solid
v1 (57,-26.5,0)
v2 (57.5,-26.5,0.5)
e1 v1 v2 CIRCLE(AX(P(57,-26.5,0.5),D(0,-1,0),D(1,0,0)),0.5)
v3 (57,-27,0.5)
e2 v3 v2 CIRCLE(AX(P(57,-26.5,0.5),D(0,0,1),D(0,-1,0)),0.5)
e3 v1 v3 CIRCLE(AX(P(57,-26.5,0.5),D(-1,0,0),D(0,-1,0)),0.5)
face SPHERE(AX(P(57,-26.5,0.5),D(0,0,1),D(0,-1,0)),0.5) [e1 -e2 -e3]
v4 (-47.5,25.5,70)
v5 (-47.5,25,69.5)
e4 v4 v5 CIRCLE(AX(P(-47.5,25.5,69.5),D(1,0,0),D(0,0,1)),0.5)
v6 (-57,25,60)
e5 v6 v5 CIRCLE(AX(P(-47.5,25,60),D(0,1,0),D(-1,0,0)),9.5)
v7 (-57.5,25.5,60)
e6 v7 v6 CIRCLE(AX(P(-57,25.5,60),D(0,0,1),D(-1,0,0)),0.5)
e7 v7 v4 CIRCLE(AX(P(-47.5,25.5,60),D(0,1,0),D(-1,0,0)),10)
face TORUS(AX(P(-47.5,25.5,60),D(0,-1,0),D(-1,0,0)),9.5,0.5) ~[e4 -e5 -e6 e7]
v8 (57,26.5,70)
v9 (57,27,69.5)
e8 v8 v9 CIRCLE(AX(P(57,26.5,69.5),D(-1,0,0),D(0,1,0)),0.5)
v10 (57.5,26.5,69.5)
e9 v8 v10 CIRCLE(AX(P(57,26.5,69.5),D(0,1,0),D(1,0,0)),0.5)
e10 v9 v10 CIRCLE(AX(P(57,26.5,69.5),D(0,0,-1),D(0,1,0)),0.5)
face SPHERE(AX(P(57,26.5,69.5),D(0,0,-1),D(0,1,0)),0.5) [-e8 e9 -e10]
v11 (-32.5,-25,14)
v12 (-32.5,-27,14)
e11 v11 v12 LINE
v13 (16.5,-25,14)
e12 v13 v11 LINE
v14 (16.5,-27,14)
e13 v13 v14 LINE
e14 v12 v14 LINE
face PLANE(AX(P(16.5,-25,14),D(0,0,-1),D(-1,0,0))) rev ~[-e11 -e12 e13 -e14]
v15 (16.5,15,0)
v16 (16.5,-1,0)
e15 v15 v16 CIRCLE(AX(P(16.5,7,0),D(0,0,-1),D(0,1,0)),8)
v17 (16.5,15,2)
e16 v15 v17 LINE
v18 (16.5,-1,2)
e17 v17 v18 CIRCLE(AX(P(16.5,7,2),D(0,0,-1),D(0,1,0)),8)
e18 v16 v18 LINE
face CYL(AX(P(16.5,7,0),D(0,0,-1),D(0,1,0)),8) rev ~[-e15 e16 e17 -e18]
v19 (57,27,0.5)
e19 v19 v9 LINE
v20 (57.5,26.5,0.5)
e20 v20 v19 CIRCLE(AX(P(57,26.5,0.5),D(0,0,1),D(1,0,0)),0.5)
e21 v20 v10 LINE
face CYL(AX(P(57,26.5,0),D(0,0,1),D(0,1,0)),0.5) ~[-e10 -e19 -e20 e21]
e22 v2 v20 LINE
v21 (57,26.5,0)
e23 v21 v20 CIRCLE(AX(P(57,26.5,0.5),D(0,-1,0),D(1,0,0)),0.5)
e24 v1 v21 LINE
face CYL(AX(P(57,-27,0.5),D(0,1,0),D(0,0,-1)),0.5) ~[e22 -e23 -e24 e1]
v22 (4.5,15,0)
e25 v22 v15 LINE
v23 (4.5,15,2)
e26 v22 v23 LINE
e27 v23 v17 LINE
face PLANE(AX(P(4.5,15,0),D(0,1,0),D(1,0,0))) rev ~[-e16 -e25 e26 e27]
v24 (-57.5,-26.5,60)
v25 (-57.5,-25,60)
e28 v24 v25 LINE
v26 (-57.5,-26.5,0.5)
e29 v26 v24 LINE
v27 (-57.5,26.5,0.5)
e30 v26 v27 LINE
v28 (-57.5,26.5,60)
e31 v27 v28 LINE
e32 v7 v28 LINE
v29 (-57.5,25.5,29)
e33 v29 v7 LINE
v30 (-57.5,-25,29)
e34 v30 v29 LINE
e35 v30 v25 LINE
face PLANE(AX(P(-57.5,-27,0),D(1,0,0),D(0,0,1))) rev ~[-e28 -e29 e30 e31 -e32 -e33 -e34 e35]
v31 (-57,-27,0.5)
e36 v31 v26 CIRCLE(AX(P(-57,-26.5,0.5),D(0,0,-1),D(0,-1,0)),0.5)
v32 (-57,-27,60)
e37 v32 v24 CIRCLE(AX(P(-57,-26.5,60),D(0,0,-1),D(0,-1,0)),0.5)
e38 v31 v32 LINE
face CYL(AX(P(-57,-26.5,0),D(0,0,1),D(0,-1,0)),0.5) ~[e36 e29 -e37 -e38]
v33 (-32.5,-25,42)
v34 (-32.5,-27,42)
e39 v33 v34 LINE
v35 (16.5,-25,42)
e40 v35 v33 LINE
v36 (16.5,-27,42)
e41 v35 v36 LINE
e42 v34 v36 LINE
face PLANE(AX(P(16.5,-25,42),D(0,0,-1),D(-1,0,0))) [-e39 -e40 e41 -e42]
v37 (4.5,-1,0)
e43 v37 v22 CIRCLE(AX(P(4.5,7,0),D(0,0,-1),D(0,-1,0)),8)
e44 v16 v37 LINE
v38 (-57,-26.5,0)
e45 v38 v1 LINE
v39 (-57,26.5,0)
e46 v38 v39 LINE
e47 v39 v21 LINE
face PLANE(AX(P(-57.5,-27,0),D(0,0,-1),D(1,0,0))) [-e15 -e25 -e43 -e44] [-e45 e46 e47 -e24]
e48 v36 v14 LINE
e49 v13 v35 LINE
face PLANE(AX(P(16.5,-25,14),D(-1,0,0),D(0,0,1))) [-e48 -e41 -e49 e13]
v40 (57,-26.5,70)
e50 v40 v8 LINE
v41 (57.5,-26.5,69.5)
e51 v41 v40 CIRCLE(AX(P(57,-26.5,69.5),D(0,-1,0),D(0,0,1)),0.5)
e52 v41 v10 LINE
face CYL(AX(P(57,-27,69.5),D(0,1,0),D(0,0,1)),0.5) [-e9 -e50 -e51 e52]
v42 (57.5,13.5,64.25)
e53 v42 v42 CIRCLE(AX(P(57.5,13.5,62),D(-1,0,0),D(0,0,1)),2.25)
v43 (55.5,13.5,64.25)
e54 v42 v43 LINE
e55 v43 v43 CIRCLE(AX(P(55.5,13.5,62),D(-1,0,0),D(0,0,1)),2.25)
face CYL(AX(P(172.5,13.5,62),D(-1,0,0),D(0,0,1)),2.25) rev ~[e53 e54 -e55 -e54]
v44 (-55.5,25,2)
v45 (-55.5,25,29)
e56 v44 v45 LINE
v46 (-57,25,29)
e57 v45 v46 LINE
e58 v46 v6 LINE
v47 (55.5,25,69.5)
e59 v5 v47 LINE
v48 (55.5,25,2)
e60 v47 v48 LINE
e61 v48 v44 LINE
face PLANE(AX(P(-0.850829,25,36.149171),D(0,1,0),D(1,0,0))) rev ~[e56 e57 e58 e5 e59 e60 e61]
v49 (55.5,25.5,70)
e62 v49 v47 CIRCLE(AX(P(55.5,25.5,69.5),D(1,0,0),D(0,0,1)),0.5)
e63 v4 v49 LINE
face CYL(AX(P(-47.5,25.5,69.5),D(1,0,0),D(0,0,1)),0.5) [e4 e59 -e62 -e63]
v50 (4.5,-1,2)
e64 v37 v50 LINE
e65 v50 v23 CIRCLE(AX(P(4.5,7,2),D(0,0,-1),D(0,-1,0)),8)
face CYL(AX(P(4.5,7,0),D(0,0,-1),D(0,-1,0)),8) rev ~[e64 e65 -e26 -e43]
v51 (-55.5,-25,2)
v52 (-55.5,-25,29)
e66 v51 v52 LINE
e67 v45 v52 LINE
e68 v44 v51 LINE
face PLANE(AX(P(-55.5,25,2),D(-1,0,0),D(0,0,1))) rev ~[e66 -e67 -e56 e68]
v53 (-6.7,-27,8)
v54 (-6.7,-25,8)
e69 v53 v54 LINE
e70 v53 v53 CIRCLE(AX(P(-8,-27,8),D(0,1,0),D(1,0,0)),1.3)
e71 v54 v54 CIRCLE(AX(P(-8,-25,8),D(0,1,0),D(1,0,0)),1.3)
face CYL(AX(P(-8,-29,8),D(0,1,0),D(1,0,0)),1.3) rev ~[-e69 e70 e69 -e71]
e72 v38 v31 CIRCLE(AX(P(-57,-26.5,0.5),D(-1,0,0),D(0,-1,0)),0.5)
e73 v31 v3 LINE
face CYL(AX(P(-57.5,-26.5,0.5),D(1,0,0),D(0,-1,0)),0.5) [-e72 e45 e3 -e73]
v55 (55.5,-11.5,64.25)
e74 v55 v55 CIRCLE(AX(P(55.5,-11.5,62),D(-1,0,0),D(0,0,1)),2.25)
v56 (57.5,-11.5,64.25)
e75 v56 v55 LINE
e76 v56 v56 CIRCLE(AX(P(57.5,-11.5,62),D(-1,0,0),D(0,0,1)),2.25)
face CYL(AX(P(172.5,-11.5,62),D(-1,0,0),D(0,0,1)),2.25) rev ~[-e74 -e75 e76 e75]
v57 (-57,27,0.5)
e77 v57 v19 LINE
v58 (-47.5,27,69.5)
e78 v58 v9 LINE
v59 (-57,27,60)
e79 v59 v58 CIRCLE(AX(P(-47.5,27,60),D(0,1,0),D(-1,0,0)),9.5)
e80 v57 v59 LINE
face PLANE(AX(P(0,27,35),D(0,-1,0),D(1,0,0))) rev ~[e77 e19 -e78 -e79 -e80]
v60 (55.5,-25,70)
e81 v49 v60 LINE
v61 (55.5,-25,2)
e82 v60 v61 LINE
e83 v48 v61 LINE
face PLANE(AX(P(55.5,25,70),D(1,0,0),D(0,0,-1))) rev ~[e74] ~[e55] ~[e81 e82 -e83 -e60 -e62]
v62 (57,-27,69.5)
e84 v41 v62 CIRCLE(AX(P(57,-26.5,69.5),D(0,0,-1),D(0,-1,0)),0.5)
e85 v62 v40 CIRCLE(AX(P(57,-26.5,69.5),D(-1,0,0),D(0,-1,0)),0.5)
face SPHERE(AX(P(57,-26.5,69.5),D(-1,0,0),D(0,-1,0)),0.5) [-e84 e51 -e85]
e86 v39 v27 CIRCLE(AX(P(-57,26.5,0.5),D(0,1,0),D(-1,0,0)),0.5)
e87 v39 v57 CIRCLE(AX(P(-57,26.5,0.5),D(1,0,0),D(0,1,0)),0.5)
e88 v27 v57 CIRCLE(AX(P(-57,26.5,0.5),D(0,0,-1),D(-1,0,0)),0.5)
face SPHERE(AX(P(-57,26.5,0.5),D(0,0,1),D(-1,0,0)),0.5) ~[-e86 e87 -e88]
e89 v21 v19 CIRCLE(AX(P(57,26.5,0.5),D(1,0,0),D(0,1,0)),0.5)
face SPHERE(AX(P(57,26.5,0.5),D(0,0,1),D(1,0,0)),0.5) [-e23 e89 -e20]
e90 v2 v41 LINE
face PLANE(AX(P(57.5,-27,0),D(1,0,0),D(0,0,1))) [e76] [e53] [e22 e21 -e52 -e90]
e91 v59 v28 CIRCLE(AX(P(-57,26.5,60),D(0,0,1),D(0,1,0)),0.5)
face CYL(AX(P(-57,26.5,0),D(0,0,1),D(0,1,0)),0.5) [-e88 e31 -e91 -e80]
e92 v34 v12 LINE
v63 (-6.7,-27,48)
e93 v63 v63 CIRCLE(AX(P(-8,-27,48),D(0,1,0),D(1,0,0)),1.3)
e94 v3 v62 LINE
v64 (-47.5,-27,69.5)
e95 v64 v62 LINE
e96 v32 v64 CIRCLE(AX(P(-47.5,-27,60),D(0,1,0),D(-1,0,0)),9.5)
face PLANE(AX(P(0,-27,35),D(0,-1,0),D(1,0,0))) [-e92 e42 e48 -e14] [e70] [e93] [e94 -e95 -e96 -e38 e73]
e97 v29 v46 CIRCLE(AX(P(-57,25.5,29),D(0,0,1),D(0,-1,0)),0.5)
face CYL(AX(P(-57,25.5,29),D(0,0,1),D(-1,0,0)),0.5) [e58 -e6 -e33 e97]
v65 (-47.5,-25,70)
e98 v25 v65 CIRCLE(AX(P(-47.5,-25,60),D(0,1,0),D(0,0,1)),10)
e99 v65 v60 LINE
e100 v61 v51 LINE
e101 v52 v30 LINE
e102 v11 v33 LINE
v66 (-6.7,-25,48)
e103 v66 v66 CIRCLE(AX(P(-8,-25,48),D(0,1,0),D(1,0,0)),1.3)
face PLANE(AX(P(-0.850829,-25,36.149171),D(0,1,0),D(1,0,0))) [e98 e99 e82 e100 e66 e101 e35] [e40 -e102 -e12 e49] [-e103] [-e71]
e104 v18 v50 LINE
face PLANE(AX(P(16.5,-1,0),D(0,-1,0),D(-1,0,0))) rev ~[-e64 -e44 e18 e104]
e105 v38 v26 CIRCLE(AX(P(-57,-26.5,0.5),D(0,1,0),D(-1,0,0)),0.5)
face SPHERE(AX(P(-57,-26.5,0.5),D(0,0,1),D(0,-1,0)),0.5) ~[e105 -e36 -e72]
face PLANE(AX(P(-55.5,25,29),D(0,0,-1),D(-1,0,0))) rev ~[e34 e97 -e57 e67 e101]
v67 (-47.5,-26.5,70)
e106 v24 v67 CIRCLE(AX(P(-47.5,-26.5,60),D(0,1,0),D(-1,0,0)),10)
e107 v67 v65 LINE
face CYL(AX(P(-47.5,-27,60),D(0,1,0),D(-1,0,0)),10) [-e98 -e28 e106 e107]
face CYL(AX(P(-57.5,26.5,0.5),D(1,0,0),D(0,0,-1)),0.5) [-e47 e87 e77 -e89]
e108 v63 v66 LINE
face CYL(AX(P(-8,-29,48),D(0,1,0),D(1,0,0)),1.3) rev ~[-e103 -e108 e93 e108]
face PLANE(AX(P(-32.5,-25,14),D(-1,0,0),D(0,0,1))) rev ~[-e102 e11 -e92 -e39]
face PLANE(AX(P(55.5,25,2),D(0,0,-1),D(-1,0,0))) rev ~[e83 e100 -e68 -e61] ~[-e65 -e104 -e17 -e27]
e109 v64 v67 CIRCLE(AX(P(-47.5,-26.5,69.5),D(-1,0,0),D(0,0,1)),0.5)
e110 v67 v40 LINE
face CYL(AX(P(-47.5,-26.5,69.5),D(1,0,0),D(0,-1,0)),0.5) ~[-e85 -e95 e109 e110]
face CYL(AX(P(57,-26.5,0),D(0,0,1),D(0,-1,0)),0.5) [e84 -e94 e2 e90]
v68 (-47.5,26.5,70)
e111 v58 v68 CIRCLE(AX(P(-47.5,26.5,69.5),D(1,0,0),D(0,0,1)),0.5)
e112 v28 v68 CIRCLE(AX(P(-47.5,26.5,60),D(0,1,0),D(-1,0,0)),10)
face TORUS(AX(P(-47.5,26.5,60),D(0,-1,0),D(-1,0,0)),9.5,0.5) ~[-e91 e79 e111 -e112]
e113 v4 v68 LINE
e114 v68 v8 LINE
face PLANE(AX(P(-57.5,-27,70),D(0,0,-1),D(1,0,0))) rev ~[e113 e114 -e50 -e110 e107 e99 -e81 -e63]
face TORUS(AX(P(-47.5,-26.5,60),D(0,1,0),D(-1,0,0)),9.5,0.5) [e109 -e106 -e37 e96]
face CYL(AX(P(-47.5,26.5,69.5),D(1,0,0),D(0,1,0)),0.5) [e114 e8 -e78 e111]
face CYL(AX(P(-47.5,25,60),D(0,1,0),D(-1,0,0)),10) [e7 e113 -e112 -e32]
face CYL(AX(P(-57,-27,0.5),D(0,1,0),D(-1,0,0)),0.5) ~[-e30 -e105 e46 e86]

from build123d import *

# Parameters (mm, degrees)
CROQUIS1_W                          = 115
CROQUIS1_H                          = 70
SALIENTE_EXTRUIR1_DEPTH             = 54
CORTAR_EXTRUIR1_DEPTH               = 50
CROQUIS3_W                          = 49
CROQUIS3_H                          = 28
CORTAR_EXTRUIR2_DEPTH               = 105.452142151
CORTAR_EXTRUIR3_DEPTH               = 95.526451324
DI_METRO_DE_TALADRO_4_5_4_5_1_D     = 4.5
DI_METRO_DE_TALADRO_4_5_4_5_1_DEPTH = 115
DI_METRO_DE_TALADRO_2_6_2_6_1_D     = 2.6
DI_METRO_DE_TALADRO_2_6_2_6_1_DEPTH = 2
REDONDEO1_R                         = 10
REDONDEO2_R                         = 0.5


with BuildPart() as part:
    # Croquis1 → Saliente-Extruir1 (new body)
    with BuildSketch(Plane.XZ.offset(27)):
        with Locations((0, 35)):
            Rectangle(CROQUIS1_W, CROQUIS1_H)
    extrude(amount=-SALIENTE_EXTRUIR1_DEPTH)

    # Croquis2 → Cortar-Extruir1 (cut)
    with BuildSketch(Plane(origin=(0, 25, 0), x_dir=(1, 0, 0), z_dir=(0, 1, 0))):
        Polygon((-57.5, -29), (-57.5, -70), (55.5, -70), (55.5, -2), (-55.5, -2), (-55.5, -29), align=None)
    extrude(amount=-CORTAR_EXTRUIR1_DEPTH, mode=Mode.SUBTRACT)

    # Croquis3 → Cortar-Extruir2 (cut, through all)
    with BuildSketch(Plane(origin=(0, -25, 0), x_dir=(-1, 0, 0), z_dir=(0, 1, 0))):
        with Locations((8, 28)):
            Rectangle(CROQUIS3_W, CROQUIS3_H)
    extrude(amount=-CORTAR_EXTRUIR2_DEPTH, mode=Mode.SUBTRACT)

    # Croquis4 → Cortar-Extruir3 (cut, through all)
    with BuildSketch(Plane(origin=(0, 0, 0), x_dir=(-1, 0, 0), z_dir=(0, 0, -1))):
        with BuildLine():
            Line((-4.5, 15), (-16.5, 15))
            ThreePointArc((-16.5, 15), (-24.5, 7), (-16.5, -1))
            Line((-16.5, -1), (-4.5, -1))
            ThreePointArc((-4.5, -1), (3.5, 7), (-4.5, 15))
        make_face()
    extrude(amount=-CORTAR_EXTRUIR3_DEPTH, mode=Mode.SUBTRACT)

    # Diámetro de taladro Ø4.5 (4.5)1
    with Locations(Plane(origin=(57.5, 0, 0), x_dir=(0, 0, -1), z_dir=(1, 0, 0))):
        with Locations((-62, -11.5), (-62, 13.5)):
            Hole(DI_METRO_DE_TALADRO_4_5_4_5_1_D / 2, depth=DI_METRO_DE_TALADRO_4_5_4_5_1_DEPTH)

    # Diámetro de taladro Ø2.6 (2.6)1
    with Locations(Plane(origin=(0, -27, 0), x_dir=(-1, 0, 0), z_dir=(0, -1, 0))):
        with Locations((8, -48), (8, -8)):
            Hole(DI_METRO_DE_TALADRO_2_6_2_6_1_D / 2, depth=DI_METRO_DE_TALADRO_2_6_2_6_1_DEPTH)

    # Redondeo1
    redondeo1_edges = [part.edges().sort_by_distance(p)[0] for p in [
        (-57.5, -26, 70),
        (-57.5, 26, 70),
    ]]
    fillet(redondeo1_edges, radius=REDONDEO1_R)

    # Redondeo2
    redondeo2_edges = [part.edges().sort_by_distance(p)[0] for p in [
        (57.5, 27, 35),
        (5, 27, 70),
        (-57.5, 25, 44.5),
        (5, -27, 70),
        (57.5, -27, 35),
        (0, -27, 0),
        (57.5, 0, 70),
        (57.5, 0, 0),
        (-57.5, 0, 0),
        (0, 27, 0),
        (4, 25, 70),
        (-54.571067812, 25, 67.071067812),
        (-57.5, 27, 30),
        (-57.5, -27, 30),
        (-54.571067812, 27, 67.071067812),
        (-54.571067812, -27, 67.071067812),
    ]]
    fillet(redondeo2_edges, radius=REDONDEO2_R)


solid = part.part
